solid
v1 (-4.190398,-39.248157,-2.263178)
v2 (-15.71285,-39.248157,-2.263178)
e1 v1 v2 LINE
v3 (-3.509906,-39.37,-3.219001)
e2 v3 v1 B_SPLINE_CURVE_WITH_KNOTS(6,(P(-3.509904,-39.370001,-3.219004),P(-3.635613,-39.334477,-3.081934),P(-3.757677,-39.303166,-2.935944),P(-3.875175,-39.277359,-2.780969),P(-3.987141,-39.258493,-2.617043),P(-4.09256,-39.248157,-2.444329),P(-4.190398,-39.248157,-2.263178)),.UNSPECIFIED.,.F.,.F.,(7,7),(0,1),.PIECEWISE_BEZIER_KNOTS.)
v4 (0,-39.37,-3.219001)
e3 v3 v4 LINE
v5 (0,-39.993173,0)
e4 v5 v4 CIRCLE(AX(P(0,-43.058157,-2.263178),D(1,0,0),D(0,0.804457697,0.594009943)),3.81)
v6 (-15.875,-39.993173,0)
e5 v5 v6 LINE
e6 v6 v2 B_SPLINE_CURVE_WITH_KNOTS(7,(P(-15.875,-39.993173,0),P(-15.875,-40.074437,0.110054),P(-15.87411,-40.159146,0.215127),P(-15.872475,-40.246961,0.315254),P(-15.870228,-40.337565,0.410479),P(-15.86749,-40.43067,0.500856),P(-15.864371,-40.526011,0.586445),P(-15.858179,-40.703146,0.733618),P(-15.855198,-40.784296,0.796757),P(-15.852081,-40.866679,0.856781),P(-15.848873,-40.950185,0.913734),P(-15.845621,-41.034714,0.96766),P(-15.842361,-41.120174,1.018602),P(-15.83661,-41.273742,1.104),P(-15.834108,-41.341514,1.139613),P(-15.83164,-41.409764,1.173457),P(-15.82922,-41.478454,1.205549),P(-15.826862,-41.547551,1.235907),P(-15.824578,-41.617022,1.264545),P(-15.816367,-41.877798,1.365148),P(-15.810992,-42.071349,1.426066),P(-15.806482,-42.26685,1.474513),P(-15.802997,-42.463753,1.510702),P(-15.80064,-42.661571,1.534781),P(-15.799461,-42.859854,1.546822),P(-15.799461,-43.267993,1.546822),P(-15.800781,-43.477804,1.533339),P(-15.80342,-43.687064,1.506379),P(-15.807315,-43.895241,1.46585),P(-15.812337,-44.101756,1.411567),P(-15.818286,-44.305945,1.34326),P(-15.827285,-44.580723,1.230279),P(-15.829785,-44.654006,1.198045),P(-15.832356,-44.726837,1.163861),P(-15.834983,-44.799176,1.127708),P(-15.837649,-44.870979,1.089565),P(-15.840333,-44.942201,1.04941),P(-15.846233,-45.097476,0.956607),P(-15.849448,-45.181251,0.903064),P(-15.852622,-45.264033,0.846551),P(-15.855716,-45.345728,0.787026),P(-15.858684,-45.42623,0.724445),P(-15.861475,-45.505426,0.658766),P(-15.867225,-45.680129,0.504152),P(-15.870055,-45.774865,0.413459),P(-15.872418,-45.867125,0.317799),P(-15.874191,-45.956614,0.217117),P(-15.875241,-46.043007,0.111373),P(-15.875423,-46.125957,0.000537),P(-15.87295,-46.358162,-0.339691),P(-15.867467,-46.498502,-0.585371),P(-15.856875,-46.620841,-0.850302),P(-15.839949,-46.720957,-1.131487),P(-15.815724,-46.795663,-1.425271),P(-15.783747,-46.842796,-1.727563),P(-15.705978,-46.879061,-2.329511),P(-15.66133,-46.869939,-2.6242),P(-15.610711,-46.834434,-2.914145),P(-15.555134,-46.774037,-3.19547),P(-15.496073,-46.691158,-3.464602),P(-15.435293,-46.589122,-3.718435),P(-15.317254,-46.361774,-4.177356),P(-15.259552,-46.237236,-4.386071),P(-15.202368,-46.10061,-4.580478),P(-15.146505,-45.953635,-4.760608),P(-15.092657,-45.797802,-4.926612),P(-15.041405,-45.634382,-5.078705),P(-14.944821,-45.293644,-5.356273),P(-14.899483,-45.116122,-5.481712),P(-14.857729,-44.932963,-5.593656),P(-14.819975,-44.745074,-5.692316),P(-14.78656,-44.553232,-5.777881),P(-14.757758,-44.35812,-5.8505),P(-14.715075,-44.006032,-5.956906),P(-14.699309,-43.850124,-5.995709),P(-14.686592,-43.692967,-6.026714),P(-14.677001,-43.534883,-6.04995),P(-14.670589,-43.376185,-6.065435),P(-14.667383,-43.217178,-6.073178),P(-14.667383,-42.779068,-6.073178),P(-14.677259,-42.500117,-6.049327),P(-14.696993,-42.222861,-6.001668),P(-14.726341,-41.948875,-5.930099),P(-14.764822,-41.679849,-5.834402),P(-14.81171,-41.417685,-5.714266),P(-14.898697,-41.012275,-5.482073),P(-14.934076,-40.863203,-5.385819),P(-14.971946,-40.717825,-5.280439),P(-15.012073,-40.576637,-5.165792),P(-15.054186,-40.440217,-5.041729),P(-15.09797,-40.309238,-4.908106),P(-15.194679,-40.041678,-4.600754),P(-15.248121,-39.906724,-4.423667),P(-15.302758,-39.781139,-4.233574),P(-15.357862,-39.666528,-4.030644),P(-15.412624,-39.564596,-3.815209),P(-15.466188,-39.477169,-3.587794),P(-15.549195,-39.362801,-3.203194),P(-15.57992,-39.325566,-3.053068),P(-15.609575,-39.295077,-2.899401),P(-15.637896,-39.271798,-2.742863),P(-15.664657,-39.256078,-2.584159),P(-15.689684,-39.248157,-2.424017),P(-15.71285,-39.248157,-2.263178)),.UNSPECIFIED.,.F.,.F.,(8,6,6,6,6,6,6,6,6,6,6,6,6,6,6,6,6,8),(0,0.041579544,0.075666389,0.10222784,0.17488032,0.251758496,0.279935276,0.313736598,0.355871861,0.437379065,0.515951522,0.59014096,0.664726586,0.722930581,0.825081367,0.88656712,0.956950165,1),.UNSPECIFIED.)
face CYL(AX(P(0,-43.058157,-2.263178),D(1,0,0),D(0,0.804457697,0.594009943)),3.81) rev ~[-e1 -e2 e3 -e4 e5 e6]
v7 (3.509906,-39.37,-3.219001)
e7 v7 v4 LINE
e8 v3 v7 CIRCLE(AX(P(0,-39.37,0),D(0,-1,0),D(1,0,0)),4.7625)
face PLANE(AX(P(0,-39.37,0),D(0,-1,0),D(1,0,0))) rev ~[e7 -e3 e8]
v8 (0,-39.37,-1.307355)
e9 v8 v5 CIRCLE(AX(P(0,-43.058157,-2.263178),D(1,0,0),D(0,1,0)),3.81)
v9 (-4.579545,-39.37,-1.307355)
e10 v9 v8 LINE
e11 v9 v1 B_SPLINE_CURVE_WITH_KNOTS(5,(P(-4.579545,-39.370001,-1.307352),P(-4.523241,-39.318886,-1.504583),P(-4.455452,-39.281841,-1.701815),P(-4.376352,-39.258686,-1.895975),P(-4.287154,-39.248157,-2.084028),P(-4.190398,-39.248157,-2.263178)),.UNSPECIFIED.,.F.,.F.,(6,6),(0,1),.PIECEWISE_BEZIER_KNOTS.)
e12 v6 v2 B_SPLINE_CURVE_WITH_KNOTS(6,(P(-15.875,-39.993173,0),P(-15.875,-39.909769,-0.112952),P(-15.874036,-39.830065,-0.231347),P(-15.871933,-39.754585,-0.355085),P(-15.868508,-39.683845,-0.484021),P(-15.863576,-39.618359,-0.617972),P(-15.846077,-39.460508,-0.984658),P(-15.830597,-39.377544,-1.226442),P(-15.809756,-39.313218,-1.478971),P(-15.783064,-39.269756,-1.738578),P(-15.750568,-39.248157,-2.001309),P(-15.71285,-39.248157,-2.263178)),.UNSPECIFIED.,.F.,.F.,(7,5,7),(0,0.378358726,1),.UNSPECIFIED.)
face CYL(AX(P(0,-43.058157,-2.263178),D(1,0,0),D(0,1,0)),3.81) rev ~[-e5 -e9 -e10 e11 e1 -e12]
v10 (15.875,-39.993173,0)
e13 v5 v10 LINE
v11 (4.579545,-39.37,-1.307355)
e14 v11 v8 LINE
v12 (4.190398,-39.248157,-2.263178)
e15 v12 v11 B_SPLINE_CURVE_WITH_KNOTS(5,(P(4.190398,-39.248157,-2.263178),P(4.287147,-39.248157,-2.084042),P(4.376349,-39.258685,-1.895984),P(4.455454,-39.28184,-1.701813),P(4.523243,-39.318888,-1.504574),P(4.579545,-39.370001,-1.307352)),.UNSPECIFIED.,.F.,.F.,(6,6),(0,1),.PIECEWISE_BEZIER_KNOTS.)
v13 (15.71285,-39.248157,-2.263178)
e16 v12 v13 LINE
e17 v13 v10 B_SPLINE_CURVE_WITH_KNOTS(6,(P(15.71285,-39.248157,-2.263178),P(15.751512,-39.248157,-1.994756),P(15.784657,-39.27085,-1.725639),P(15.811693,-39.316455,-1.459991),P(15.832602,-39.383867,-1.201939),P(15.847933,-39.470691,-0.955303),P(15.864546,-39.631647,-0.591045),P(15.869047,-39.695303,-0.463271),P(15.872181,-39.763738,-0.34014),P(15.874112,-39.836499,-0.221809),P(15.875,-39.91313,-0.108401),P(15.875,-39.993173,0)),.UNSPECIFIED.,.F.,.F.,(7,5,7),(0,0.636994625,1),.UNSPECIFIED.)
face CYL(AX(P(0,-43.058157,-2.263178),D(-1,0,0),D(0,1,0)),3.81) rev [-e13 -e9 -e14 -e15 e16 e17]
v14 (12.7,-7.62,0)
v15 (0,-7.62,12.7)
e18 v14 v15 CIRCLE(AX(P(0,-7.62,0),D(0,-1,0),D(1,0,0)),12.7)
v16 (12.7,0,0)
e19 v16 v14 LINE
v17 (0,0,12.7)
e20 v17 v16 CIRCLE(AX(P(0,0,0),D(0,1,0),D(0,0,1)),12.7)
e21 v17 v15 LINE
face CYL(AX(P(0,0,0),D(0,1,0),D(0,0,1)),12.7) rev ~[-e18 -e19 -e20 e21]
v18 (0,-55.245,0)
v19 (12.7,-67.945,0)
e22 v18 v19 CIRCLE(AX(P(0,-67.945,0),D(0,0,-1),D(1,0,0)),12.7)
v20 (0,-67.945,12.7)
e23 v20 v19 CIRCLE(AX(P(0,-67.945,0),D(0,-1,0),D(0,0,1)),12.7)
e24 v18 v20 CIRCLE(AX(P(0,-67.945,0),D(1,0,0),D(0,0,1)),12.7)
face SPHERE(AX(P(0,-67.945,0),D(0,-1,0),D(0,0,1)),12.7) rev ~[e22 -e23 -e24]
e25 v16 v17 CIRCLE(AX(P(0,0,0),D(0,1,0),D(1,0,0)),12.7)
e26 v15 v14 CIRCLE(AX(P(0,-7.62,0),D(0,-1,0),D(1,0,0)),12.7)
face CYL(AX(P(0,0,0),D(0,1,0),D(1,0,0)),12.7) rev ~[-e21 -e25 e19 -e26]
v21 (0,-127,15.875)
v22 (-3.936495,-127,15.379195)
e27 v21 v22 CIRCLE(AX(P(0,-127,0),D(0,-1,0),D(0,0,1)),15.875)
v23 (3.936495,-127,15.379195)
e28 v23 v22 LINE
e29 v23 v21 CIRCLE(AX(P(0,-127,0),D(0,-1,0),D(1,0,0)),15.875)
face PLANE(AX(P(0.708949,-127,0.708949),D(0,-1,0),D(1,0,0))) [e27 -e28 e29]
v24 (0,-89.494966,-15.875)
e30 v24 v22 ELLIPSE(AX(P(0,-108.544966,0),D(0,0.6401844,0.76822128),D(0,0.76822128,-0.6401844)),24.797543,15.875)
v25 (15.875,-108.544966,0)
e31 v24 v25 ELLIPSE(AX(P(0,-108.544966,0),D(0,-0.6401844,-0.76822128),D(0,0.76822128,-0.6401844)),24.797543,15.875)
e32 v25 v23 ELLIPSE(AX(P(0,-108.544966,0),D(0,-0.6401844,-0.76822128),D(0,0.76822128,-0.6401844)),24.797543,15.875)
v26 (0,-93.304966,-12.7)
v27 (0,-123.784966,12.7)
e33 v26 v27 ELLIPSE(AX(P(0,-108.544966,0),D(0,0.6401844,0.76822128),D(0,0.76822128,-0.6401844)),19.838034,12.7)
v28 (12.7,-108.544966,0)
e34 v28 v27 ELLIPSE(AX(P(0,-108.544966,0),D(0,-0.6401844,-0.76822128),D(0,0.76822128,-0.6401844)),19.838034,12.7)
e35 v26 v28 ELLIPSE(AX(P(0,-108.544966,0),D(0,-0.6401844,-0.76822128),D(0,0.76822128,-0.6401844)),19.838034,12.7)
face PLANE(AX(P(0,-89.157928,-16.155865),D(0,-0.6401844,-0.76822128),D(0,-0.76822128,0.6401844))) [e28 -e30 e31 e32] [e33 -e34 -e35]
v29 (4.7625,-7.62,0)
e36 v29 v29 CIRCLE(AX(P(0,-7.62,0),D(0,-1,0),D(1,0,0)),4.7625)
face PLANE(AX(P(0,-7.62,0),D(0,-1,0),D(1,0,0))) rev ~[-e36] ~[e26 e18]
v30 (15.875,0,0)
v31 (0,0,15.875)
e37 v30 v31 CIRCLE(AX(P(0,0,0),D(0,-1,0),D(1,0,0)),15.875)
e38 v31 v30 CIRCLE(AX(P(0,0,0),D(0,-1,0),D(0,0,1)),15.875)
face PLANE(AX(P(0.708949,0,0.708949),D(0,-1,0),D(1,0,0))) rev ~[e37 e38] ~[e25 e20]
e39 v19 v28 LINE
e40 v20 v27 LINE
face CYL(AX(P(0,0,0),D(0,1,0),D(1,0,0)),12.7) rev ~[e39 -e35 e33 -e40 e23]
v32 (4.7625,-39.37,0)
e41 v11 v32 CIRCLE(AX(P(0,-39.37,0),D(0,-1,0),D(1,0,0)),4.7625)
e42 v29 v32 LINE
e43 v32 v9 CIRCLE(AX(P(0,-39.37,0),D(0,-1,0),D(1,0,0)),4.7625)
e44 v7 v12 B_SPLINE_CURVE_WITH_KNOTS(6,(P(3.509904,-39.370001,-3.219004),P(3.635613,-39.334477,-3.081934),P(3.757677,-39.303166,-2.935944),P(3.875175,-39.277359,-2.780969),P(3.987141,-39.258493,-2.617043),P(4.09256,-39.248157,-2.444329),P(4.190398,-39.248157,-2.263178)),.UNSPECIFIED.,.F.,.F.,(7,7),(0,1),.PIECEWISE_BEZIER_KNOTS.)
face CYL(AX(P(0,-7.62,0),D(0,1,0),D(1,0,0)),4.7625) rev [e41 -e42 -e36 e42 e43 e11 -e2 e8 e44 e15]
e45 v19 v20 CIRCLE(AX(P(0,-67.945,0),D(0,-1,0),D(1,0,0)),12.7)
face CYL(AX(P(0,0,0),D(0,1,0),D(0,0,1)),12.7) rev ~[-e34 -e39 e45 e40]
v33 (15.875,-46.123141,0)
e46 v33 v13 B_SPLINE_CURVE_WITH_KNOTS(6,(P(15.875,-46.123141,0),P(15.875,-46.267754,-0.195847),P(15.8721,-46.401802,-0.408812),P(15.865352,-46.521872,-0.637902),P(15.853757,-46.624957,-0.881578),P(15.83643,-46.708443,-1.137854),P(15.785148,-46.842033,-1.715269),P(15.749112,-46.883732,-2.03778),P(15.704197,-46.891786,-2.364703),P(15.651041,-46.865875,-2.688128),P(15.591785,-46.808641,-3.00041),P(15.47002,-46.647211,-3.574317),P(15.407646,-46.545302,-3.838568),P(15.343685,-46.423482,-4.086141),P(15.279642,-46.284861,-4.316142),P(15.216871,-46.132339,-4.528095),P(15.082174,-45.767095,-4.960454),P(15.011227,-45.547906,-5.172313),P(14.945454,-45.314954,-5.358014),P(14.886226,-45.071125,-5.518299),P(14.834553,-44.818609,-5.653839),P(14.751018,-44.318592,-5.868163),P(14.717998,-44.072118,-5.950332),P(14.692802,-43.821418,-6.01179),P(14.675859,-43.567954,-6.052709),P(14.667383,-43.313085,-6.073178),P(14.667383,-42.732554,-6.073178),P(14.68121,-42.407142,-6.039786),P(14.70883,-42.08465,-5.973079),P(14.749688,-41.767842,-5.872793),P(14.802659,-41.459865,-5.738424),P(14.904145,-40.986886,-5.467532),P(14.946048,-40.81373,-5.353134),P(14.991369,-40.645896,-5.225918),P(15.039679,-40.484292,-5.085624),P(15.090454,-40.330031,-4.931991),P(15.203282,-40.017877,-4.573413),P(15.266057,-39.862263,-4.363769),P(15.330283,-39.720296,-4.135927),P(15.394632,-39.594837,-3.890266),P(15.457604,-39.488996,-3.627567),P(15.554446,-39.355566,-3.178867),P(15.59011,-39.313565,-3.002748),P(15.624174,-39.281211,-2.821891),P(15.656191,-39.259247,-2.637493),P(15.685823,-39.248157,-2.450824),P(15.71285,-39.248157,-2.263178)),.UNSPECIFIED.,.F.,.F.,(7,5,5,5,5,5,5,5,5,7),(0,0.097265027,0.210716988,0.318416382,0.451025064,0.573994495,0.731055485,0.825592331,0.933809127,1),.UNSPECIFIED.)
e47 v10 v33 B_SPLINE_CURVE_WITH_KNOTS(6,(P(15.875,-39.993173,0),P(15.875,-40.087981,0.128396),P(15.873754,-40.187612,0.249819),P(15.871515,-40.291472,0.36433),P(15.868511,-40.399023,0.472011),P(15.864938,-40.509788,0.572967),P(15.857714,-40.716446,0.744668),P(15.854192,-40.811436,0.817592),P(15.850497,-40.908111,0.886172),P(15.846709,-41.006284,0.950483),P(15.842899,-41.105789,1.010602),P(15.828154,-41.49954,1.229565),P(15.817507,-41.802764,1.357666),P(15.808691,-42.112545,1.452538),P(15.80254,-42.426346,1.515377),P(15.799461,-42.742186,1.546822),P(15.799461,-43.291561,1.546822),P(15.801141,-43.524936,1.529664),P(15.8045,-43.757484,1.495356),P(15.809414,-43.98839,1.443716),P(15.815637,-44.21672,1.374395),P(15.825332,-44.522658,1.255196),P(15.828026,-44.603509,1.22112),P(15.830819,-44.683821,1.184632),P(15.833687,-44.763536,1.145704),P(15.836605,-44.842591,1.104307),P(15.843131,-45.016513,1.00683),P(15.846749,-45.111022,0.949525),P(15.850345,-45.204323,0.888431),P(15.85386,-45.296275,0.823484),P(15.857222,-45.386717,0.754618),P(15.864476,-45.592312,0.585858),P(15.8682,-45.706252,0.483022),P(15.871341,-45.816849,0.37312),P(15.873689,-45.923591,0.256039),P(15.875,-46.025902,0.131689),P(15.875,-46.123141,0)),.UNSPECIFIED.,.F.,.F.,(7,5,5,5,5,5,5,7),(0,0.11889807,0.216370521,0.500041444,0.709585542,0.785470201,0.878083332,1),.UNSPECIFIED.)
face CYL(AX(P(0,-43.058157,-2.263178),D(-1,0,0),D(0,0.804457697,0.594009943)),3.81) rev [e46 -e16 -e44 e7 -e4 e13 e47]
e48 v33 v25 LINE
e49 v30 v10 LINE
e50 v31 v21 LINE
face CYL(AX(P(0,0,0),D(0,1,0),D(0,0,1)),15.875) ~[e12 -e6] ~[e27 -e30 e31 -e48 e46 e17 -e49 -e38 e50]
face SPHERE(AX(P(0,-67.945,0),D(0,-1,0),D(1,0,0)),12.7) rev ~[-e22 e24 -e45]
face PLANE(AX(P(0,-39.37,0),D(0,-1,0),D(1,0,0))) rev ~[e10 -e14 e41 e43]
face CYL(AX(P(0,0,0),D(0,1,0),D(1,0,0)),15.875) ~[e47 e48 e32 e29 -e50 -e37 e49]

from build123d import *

# Parameters (mm, degrees)
F1_DEPTH       = 127
F3_R           = 12.7
F4_DEPTH       = 40.005
F5_R           = 4.7625
F6_DEPTH       = 31.75
F8_DEPTH       = 25.4
F8_DEPTH_BACK  = 25.4
F10_DEPTH      = 25.4
F10_DEPTH_BACK = 25.4
F12_R          = 12.7
F13_DEPTH      = 7.62
F14_R          = 12.7


with BuildPart() as f1:
    # F0 (on Front) → F1 (new body)
    with BuildSketch(Plane.XZ):
        with BuildLine():
            ThreePointArc((0, 15.875), (-11.2253201513, -11.2253201513), (15.875, 0))
            ThreePointArc((15.875, 0), (11.2253201513, 11.2253201513), (0, 15.875))
        make_face()
        with BuildLine():
            ThreePointArc((12.7, 0), (-8.9802561211, -8.9802561211), (0, 12.7))
            ThreePointArc((0, 12.7), (8.9802561211, 8.9802561211), (12.7, 0))
        make_face(mode=Mode.SUBTRACT)
    extrude(amount=F1_DEPTH)

    # F3 (on offset) → F4 (join)
    with BuildSketch(Plane.XZ.offset(7.62)):
        Circle(F3_R)
    extrude(amount=F4_DEPTH)

    # F5 (on offset) → F6 (cut)
    with BuildSketch(Plane.XZ.offset(7.62)):
        Circle(F5_R)
    extrude(amount=F6_DEPTH, mode=Mode.SUBTRACT)

    # F7 (on Right) → F8 (cut, two sides)
    with BuildSketch(Plane.YZ) as f8_sk:
        Polygon((-89.1579282522, -16.1558650434), (-127.2579282522, 15.5941349566), (-127.2579282522, -16.1558650434), align=None)
    extrude(amount=-F8_DEPTH, mode=Mode.SUBTRACT)
    extrude(f8_sk.sketch, amount=F8_DEPTH_BACK, mode=Mode.SUBTRACT)

    # F9 (on Right) → F10 (cut, two sides)
    with BuildSketch(Plane.YZ) as f10_sk:
        with BuildLine():
            ThreePointArc((-39.9931731398, 0), (-46.6771131967, -3.4545031169), (-39.2481569672, -2.2631778847))
            ThreePointArc((-39.2481569672, -2.2631778847), (-39.4392007377, -1.0718526525), (-39.9931731398, 0))
        make_face()
    extrude(amount=-F10_DEPTH, mode=Mode.SUBTRACT)
    extrude(f10_sk.sketch, amount=F10_DEPTH_BACK, mode=Mode.SUBTRACT)

    # F12 (on offset) → F13 (join)
    with BuildSketch(Plane.XZ.offset(47.625)):
        Circle(F12_R)
    extrude(amount=F13_DEPTH)

    # F14
    f14_edges = [f1.edges().sort_by_distance(p)[0] for p in [
        (0, -55.245, -12.7),
    ]]
    fillet(f14_edges, radius=F14_R)


solid = f1.part
